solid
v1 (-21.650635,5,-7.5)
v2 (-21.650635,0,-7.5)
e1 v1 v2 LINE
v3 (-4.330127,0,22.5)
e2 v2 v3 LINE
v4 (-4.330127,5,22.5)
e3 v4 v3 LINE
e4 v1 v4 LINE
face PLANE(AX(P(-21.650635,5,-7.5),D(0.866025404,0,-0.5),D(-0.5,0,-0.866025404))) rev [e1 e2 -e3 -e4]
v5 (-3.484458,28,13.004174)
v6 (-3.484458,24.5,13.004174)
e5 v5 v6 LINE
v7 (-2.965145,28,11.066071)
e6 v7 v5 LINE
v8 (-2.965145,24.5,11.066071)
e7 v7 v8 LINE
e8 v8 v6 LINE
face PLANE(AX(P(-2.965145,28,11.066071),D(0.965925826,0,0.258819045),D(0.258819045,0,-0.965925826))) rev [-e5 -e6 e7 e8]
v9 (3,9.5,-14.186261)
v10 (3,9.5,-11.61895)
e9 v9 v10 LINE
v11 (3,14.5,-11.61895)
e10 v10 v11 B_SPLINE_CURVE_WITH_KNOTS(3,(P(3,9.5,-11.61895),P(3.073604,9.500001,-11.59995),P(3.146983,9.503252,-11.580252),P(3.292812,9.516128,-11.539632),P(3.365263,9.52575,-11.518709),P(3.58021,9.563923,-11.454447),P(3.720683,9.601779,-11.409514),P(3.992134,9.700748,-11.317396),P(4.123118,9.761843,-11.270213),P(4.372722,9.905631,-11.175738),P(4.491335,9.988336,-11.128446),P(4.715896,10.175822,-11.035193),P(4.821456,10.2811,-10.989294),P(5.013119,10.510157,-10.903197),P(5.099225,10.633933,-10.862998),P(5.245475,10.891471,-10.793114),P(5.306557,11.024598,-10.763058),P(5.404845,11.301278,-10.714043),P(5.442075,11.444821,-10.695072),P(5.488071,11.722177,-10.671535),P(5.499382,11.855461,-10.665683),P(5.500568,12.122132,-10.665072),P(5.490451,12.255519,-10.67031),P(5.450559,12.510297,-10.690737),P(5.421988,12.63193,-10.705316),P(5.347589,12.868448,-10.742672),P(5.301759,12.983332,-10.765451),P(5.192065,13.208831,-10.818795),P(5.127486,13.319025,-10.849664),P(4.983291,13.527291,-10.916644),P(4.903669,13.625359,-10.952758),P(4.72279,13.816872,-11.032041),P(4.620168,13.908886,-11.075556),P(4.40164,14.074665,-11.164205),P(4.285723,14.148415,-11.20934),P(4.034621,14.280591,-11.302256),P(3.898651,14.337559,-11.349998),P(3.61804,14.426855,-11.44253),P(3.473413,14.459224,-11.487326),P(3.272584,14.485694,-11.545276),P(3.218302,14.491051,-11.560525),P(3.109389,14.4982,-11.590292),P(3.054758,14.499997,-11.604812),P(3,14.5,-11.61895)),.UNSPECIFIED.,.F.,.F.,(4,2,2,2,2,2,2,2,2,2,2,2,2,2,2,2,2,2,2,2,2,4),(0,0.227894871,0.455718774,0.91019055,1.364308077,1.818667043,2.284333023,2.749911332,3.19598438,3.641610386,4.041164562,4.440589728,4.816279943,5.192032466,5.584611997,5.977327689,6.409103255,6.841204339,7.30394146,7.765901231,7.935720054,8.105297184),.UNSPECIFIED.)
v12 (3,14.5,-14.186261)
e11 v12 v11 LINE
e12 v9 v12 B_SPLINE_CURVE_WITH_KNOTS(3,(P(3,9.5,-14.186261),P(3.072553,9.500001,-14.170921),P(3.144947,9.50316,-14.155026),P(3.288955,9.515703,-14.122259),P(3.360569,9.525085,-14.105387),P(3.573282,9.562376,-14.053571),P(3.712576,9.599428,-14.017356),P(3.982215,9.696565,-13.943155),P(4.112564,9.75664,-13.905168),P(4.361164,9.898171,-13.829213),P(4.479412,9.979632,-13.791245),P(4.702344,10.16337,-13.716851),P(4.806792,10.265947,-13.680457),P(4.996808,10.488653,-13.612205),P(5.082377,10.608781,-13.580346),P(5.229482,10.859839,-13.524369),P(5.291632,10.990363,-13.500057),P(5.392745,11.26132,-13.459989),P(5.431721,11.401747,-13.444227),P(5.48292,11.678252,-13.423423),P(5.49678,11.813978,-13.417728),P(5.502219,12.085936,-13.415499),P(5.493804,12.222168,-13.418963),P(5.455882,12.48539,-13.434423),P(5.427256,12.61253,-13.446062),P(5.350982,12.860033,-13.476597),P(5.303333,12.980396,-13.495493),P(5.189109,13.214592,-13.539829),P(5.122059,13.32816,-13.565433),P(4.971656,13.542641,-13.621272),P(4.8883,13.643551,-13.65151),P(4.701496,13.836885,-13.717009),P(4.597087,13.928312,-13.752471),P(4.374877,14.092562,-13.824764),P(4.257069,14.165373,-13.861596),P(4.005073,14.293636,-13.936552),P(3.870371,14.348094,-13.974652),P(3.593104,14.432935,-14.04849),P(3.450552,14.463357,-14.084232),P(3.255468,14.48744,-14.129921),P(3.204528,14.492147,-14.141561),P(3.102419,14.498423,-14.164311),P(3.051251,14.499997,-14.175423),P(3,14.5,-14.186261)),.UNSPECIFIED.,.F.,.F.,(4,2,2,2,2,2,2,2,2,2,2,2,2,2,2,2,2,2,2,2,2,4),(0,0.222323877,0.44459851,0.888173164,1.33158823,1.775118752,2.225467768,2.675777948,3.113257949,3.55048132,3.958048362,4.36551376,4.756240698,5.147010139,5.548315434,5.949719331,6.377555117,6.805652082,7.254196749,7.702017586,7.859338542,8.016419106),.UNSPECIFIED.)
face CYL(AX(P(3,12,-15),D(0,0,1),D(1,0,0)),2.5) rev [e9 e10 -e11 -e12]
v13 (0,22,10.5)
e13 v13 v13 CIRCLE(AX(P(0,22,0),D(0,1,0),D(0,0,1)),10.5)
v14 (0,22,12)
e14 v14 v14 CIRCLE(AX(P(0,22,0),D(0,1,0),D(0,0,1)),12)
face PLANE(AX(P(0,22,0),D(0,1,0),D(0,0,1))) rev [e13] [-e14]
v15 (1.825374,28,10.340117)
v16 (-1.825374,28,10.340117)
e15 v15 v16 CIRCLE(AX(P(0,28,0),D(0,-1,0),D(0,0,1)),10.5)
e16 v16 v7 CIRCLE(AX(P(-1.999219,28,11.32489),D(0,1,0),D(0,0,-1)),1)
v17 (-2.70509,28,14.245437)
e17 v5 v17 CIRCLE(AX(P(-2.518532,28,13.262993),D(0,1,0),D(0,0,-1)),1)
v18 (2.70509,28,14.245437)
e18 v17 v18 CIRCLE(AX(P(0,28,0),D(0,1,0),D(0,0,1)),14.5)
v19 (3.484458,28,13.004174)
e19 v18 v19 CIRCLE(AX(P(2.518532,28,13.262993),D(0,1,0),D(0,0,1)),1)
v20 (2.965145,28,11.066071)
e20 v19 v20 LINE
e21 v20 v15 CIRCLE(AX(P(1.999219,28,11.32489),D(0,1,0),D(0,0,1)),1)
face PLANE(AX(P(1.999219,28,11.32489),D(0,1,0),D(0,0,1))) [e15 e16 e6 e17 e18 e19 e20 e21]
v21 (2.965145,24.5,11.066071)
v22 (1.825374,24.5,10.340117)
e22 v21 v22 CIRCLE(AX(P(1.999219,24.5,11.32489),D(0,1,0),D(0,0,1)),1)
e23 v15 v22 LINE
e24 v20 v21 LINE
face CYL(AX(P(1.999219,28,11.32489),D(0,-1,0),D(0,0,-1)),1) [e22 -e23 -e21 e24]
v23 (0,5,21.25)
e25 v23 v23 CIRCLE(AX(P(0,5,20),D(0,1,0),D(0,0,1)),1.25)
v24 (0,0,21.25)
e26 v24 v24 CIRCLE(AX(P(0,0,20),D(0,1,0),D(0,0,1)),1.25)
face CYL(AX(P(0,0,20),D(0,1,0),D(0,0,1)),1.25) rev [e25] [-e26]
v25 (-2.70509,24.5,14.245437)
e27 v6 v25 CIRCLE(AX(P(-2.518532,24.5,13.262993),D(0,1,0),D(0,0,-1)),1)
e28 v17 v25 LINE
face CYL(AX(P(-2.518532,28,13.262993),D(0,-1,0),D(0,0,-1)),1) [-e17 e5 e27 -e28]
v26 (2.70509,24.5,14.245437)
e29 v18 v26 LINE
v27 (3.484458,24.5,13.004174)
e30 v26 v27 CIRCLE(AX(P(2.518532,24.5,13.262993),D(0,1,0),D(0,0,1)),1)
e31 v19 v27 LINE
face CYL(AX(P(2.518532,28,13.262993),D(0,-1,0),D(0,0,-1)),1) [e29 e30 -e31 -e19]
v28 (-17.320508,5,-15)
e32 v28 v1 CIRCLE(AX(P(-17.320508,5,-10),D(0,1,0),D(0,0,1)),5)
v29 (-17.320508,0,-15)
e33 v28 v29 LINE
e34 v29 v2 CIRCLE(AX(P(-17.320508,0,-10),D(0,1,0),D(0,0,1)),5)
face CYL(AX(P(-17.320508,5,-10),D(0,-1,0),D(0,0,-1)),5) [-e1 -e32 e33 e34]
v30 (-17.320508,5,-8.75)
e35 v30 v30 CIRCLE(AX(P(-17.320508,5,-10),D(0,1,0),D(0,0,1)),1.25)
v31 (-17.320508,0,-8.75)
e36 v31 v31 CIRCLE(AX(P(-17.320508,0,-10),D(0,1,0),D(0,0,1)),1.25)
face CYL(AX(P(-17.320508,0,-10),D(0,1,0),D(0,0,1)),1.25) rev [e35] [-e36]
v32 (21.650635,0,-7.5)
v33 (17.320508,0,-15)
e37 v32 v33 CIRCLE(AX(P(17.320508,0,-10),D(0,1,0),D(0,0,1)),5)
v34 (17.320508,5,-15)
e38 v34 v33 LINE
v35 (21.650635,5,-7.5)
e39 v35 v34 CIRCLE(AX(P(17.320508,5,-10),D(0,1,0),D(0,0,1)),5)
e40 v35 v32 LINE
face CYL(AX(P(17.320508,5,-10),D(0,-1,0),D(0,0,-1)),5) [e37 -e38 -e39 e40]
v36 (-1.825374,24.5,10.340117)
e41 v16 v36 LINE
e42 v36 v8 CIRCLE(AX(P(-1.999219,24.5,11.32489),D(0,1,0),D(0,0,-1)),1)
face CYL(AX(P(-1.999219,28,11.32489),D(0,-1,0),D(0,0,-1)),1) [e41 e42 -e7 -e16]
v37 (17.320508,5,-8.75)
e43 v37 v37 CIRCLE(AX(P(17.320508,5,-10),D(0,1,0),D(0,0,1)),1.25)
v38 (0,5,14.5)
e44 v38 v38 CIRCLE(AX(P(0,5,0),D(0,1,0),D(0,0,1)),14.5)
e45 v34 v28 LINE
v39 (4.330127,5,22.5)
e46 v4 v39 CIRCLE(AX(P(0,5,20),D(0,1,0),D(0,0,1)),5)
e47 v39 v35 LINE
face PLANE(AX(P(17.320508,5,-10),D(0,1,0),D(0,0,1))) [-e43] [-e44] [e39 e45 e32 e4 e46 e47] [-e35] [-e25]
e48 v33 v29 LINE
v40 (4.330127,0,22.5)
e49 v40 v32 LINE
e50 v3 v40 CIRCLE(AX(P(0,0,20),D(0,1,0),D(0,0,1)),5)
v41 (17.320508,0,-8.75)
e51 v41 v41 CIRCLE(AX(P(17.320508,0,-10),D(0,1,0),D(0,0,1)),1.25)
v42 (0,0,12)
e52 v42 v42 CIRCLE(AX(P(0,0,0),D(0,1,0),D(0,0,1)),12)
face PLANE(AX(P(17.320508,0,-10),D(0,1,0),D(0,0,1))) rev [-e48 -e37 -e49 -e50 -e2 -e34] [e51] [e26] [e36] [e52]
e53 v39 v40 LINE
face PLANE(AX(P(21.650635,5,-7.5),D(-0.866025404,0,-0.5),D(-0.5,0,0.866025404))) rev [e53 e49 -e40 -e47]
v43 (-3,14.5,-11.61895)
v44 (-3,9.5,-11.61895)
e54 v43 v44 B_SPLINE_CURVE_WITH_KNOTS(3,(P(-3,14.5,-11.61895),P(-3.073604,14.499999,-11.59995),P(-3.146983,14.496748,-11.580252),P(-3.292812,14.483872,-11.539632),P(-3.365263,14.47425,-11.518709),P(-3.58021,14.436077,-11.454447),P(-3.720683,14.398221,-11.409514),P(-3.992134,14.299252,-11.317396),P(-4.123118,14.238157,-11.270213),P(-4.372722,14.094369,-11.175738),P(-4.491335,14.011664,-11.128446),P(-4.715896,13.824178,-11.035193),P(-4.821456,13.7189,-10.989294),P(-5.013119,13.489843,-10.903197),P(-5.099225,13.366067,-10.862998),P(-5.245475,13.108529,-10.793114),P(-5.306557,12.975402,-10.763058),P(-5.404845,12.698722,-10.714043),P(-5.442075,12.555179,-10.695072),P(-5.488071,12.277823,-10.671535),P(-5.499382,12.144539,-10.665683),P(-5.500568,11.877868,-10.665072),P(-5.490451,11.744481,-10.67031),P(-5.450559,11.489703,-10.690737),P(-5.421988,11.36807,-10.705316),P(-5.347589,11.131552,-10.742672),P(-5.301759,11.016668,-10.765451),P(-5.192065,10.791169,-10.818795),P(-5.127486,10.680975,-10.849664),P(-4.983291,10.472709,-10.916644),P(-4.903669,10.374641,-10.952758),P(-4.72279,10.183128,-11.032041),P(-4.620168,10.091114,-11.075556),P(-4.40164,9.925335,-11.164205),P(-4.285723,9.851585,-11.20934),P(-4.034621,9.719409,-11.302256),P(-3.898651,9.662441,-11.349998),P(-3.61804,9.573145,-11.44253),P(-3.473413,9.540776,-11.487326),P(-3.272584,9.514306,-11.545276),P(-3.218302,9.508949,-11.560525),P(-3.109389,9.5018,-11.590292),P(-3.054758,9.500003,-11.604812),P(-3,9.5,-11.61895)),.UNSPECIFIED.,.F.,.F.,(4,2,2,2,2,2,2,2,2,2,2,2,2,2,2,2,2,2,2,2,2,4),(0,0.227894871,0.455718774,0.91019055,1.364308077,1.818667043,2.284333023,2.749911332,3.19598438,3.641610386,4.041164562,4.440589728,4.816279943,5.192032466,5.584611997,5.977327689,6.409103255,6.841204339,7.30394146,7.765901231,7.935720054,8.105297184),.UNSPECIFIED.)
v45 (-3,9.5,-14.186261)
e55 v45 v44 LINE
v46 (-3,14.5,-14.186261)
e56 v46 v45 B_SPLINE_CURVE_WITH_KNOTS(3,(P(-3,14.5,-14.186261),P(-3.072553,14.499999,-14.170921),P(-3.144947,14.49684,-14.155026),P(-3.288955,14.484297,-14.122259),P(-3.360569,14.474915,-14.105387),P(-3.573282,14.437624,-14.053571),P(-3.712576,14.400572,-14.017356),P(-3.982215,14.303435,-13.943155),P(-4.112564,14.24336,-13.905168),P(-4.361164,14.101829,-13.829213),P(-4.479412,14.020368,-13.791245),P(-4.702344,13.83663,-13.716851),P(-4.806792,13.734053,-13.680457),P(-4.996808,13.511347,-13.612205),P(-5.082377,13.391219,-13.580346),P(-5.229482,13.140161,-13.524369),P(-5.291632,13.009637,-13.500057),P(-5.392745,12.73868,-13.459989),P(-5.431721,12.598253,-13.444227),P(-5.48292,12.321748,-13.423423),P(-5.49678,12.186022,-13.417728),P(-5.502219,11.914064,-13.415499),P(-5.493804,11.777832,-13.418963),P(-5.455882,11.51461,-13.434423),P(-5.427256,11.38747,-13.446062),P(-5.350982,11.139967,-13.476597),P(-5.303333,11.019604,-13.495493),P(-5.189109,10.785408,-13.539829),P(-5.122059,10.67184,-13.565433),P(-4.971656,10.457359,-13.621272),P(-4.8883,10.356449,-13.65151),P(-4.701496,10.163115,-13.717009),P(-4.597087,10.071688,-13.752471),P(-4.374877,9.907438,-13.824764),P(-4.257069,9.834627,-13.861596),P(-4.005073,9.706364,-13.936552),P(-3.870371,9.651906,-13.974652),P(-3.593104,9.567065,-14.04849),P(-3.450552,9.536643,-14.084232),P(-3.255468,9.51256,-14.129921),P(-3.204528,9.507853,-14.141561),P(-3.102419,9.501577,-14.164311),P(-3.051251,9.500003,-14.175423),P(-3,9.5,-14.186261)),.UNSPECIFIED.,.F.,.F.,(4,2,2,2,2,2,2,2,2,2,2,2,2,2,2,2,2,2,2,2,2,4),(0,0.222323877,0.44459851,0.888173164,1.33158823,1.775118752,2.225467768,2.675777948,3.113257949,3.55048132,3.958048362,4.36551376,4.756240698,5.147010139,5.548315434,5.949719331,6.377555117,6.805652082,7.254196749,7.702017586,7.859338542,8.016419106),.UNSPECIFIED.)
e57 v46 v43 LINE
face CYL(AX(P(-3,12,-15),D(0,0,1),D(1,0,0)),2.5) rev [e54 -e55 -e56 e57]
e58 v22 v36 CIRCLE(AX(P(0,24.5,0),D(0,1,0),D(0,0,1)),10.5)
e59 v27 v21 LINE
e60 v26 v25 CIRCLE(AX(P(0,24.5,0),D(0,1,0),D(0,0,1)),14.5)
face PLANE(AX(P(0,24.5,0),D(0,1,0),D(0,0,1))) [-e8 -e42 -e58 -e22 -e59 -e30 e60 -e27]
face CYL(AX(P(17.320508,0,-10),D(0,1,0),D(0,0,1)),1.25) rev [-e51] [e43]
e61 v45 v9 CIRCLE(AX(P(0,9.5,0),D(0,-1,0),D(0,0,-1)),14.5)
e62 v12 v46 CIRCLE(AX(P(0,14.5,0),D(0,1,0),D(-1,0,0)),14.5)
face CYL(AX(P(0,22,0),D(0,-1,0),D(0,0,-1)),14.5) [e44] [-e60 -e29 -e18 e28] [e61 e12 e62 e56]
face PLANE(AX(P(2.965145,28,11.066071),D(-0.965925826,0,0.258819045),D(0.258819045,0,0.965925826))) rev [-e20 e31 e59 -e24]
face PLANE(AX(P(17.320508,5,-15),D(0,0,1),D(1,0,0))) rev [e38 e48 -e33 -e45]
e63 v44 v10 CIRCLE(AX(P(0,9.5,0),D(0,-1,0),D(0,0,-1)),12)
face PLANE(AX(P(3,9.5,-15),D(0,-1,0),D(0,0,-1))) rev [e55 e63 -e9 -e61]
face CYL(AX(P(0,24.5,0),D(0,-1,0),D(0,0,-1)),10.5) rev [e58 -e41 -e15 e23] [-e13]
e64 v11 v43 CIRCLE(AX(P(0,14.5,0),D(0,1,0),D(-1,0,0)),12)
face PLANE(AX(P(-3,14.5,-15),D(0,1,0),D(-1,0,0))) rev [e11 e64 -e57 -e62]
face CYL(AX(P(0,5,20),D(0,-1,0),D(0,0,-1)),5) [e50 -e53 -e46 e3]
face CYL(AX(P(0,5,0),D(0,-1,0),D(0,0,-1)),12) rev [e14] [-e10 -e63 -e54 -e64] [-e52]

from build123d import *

# Parameters (mm, degrees)
SKETCH_1_R             = 12
EXTRUDE_4_DEPTH        = 5
SKETCH_5_R             = 1.25
CUT_EXTRUDE_M3_1_DEPTH = 5
SKETCH_6_R             = 14.5
SKETCH_6_R_2           = 12
EXTRUDE_5_DEPTH        = 17
SKETCH_7_R             = 14.5
SKETCH_7_R_2           = 10.5
EXTRUDE_6_DEPTH        = 2.5
EXTRUDE_7_DEPTH        = 3.5
CUT_EXTRUDE_3_DEPTH    = 44.671559


with BuildPart() as part:
    # 草图1 → 凸台-拉伸4 (new body)
    with BuildSketch(Plane(origin=(0, 0, 0), x_dir=(1, 0, 0), z_dir=(0, 1, 0))):
        with BuildLine():
            Line((-21.650635, 7.5), (-4.330127, -22.5))
            ThreePointArc((-4.330127, -22.5), (0, -25), (4.330127, -22.5))
            Line((4.330127, -22.5), (21.650635, 7.5))
            ThreePointArc((21.650635, 7.5), (21.650635, 12.5), (17.320508, 15))
            Line((17.320508, 15), (-17.320508, 15))
            ThreePointArc((-17.320508, 15), (-21.650635, 12.5), (-21.650635, 7.5))
        make_face()
        with Locations(Location((0, 0, 0), (0, 0, 270))):
            Circle(SKETCH_1_R, mode=Mode.SUBTRACT)
    extrude(amount=EXTRUDE_4_DEPTH)

    # 草图5 → M3螺纹孔1 (cut)
    with BuildSketch(Plane(origin=(0, 5, 0), x_dir=(1, 0, 0), z_dir=(0, 1, 0))):
        with Locations(Location((0, -20, 0), (0, 0, 270))):
            Circle(SKETCH_5_R)
        with Locations(Location((-17.320508, 10, 0), (0, 0, 270))):
            Circle(SKETCH_5_R)
        with Locations(Location((17.320508, 10, 0), (0, 0, 270))):
            Circle(SKETCH_5_R)
    extrude(amount=-CUT_EXTRUDE_M3_1_DEPTH, mode=Mode.SUBTRACT)

    # 草图6 → 凸台-拉伸5 (add)
    with BuildSketch(Plane(origin=(0, 5, 0), x_dir=(1, 0, 0), z_dir=(0, 1, 0))):
        with Locations(Location((0, 0, 0), (0, 0, 270))):
            Circle(SKETCH_6_R)
        with Locations(Location((0, 0, 0), (0, 0, 270))):
            Circle(SKETCH_6_R_2, mode=Mode.SUBTRACT)
    extrude(amount=EXTRUDE_5_DEPTH)

    # 草图7 → 凸台-拉伸6 (add)
    with BuildSketch(Plane(origin=(0, 22, 0), x_dir=(1, 0, 0), z_dir=(0, 1, 0))):
        with Locations(Location((0, 0, 0), (0, 0, 270))):
            Circle(SKETCH_7_R)
        with Locations(Location((0, 0, 0), (0, 0, 270))):
            Circle(SKETCH_7_R_2, mode=Mode.SUBTRACT)
    extrude(amount=EXTRUDE_6_DEPTH)

    # 草图8 → 凸台-拉伸7 (add)
    with BuildSketch(Plane(origin=(0, 24.5, 0), x_dir=(1, 0, 0), z_dir=(0, 1, 0))):
        with BuildLine():
            Line((2.965145, -11.066071), (3.484458, -13.004174))
            ThreePointArc((3.484458, -13.004174), (3.365431, -13.794747), (2.70509, -14.245437))
            ThreePointArc((2.70509, -14.245437), (0, -14.5), (-2.70509, -14.245437))
            ThreePointArc((-2.70509, -14.245437), (-3.365431, -13.794747), (-3.484458, -13.004174))
            Line((-3.484458, -13.004174), (-2.965145, -11.066071))
            ThreePointArc((-2.965145, -11.066071), (-2.536434, -10.481444), (-1.825374, -10.340117))
            ThreePointArc((-1.825374, -10.340117), (0, -10.5), (1.825374, -10.340117))
            ThreePointArc((1.825374, -10.340117), (2.536434, -10.481444), (2.965145, -11.066071))
        make_face()
    extrude(amount=EXTRUDE_7_DEPTH)

    # 草图9 → 切除-拉伸3 (cut, through all)
    with BuildSketch(Plane.XY):
        with BuildLine():
            Line((-3, 14.5), (3, 14.5))
            ThreePointArc((3, 14.5), (5.5, 12), (3, 9.5))
            Line((3, 9.5), (-3, 9.5))
            ThreePointArc((-3, 9.5), (-5.5, 12), (-3, 14.5))
        make_face()
    extrude(amount=-CUT_EXTRUDE_3_DEPTH, mode=Mode.SUBTRACT)


solid = part.part
